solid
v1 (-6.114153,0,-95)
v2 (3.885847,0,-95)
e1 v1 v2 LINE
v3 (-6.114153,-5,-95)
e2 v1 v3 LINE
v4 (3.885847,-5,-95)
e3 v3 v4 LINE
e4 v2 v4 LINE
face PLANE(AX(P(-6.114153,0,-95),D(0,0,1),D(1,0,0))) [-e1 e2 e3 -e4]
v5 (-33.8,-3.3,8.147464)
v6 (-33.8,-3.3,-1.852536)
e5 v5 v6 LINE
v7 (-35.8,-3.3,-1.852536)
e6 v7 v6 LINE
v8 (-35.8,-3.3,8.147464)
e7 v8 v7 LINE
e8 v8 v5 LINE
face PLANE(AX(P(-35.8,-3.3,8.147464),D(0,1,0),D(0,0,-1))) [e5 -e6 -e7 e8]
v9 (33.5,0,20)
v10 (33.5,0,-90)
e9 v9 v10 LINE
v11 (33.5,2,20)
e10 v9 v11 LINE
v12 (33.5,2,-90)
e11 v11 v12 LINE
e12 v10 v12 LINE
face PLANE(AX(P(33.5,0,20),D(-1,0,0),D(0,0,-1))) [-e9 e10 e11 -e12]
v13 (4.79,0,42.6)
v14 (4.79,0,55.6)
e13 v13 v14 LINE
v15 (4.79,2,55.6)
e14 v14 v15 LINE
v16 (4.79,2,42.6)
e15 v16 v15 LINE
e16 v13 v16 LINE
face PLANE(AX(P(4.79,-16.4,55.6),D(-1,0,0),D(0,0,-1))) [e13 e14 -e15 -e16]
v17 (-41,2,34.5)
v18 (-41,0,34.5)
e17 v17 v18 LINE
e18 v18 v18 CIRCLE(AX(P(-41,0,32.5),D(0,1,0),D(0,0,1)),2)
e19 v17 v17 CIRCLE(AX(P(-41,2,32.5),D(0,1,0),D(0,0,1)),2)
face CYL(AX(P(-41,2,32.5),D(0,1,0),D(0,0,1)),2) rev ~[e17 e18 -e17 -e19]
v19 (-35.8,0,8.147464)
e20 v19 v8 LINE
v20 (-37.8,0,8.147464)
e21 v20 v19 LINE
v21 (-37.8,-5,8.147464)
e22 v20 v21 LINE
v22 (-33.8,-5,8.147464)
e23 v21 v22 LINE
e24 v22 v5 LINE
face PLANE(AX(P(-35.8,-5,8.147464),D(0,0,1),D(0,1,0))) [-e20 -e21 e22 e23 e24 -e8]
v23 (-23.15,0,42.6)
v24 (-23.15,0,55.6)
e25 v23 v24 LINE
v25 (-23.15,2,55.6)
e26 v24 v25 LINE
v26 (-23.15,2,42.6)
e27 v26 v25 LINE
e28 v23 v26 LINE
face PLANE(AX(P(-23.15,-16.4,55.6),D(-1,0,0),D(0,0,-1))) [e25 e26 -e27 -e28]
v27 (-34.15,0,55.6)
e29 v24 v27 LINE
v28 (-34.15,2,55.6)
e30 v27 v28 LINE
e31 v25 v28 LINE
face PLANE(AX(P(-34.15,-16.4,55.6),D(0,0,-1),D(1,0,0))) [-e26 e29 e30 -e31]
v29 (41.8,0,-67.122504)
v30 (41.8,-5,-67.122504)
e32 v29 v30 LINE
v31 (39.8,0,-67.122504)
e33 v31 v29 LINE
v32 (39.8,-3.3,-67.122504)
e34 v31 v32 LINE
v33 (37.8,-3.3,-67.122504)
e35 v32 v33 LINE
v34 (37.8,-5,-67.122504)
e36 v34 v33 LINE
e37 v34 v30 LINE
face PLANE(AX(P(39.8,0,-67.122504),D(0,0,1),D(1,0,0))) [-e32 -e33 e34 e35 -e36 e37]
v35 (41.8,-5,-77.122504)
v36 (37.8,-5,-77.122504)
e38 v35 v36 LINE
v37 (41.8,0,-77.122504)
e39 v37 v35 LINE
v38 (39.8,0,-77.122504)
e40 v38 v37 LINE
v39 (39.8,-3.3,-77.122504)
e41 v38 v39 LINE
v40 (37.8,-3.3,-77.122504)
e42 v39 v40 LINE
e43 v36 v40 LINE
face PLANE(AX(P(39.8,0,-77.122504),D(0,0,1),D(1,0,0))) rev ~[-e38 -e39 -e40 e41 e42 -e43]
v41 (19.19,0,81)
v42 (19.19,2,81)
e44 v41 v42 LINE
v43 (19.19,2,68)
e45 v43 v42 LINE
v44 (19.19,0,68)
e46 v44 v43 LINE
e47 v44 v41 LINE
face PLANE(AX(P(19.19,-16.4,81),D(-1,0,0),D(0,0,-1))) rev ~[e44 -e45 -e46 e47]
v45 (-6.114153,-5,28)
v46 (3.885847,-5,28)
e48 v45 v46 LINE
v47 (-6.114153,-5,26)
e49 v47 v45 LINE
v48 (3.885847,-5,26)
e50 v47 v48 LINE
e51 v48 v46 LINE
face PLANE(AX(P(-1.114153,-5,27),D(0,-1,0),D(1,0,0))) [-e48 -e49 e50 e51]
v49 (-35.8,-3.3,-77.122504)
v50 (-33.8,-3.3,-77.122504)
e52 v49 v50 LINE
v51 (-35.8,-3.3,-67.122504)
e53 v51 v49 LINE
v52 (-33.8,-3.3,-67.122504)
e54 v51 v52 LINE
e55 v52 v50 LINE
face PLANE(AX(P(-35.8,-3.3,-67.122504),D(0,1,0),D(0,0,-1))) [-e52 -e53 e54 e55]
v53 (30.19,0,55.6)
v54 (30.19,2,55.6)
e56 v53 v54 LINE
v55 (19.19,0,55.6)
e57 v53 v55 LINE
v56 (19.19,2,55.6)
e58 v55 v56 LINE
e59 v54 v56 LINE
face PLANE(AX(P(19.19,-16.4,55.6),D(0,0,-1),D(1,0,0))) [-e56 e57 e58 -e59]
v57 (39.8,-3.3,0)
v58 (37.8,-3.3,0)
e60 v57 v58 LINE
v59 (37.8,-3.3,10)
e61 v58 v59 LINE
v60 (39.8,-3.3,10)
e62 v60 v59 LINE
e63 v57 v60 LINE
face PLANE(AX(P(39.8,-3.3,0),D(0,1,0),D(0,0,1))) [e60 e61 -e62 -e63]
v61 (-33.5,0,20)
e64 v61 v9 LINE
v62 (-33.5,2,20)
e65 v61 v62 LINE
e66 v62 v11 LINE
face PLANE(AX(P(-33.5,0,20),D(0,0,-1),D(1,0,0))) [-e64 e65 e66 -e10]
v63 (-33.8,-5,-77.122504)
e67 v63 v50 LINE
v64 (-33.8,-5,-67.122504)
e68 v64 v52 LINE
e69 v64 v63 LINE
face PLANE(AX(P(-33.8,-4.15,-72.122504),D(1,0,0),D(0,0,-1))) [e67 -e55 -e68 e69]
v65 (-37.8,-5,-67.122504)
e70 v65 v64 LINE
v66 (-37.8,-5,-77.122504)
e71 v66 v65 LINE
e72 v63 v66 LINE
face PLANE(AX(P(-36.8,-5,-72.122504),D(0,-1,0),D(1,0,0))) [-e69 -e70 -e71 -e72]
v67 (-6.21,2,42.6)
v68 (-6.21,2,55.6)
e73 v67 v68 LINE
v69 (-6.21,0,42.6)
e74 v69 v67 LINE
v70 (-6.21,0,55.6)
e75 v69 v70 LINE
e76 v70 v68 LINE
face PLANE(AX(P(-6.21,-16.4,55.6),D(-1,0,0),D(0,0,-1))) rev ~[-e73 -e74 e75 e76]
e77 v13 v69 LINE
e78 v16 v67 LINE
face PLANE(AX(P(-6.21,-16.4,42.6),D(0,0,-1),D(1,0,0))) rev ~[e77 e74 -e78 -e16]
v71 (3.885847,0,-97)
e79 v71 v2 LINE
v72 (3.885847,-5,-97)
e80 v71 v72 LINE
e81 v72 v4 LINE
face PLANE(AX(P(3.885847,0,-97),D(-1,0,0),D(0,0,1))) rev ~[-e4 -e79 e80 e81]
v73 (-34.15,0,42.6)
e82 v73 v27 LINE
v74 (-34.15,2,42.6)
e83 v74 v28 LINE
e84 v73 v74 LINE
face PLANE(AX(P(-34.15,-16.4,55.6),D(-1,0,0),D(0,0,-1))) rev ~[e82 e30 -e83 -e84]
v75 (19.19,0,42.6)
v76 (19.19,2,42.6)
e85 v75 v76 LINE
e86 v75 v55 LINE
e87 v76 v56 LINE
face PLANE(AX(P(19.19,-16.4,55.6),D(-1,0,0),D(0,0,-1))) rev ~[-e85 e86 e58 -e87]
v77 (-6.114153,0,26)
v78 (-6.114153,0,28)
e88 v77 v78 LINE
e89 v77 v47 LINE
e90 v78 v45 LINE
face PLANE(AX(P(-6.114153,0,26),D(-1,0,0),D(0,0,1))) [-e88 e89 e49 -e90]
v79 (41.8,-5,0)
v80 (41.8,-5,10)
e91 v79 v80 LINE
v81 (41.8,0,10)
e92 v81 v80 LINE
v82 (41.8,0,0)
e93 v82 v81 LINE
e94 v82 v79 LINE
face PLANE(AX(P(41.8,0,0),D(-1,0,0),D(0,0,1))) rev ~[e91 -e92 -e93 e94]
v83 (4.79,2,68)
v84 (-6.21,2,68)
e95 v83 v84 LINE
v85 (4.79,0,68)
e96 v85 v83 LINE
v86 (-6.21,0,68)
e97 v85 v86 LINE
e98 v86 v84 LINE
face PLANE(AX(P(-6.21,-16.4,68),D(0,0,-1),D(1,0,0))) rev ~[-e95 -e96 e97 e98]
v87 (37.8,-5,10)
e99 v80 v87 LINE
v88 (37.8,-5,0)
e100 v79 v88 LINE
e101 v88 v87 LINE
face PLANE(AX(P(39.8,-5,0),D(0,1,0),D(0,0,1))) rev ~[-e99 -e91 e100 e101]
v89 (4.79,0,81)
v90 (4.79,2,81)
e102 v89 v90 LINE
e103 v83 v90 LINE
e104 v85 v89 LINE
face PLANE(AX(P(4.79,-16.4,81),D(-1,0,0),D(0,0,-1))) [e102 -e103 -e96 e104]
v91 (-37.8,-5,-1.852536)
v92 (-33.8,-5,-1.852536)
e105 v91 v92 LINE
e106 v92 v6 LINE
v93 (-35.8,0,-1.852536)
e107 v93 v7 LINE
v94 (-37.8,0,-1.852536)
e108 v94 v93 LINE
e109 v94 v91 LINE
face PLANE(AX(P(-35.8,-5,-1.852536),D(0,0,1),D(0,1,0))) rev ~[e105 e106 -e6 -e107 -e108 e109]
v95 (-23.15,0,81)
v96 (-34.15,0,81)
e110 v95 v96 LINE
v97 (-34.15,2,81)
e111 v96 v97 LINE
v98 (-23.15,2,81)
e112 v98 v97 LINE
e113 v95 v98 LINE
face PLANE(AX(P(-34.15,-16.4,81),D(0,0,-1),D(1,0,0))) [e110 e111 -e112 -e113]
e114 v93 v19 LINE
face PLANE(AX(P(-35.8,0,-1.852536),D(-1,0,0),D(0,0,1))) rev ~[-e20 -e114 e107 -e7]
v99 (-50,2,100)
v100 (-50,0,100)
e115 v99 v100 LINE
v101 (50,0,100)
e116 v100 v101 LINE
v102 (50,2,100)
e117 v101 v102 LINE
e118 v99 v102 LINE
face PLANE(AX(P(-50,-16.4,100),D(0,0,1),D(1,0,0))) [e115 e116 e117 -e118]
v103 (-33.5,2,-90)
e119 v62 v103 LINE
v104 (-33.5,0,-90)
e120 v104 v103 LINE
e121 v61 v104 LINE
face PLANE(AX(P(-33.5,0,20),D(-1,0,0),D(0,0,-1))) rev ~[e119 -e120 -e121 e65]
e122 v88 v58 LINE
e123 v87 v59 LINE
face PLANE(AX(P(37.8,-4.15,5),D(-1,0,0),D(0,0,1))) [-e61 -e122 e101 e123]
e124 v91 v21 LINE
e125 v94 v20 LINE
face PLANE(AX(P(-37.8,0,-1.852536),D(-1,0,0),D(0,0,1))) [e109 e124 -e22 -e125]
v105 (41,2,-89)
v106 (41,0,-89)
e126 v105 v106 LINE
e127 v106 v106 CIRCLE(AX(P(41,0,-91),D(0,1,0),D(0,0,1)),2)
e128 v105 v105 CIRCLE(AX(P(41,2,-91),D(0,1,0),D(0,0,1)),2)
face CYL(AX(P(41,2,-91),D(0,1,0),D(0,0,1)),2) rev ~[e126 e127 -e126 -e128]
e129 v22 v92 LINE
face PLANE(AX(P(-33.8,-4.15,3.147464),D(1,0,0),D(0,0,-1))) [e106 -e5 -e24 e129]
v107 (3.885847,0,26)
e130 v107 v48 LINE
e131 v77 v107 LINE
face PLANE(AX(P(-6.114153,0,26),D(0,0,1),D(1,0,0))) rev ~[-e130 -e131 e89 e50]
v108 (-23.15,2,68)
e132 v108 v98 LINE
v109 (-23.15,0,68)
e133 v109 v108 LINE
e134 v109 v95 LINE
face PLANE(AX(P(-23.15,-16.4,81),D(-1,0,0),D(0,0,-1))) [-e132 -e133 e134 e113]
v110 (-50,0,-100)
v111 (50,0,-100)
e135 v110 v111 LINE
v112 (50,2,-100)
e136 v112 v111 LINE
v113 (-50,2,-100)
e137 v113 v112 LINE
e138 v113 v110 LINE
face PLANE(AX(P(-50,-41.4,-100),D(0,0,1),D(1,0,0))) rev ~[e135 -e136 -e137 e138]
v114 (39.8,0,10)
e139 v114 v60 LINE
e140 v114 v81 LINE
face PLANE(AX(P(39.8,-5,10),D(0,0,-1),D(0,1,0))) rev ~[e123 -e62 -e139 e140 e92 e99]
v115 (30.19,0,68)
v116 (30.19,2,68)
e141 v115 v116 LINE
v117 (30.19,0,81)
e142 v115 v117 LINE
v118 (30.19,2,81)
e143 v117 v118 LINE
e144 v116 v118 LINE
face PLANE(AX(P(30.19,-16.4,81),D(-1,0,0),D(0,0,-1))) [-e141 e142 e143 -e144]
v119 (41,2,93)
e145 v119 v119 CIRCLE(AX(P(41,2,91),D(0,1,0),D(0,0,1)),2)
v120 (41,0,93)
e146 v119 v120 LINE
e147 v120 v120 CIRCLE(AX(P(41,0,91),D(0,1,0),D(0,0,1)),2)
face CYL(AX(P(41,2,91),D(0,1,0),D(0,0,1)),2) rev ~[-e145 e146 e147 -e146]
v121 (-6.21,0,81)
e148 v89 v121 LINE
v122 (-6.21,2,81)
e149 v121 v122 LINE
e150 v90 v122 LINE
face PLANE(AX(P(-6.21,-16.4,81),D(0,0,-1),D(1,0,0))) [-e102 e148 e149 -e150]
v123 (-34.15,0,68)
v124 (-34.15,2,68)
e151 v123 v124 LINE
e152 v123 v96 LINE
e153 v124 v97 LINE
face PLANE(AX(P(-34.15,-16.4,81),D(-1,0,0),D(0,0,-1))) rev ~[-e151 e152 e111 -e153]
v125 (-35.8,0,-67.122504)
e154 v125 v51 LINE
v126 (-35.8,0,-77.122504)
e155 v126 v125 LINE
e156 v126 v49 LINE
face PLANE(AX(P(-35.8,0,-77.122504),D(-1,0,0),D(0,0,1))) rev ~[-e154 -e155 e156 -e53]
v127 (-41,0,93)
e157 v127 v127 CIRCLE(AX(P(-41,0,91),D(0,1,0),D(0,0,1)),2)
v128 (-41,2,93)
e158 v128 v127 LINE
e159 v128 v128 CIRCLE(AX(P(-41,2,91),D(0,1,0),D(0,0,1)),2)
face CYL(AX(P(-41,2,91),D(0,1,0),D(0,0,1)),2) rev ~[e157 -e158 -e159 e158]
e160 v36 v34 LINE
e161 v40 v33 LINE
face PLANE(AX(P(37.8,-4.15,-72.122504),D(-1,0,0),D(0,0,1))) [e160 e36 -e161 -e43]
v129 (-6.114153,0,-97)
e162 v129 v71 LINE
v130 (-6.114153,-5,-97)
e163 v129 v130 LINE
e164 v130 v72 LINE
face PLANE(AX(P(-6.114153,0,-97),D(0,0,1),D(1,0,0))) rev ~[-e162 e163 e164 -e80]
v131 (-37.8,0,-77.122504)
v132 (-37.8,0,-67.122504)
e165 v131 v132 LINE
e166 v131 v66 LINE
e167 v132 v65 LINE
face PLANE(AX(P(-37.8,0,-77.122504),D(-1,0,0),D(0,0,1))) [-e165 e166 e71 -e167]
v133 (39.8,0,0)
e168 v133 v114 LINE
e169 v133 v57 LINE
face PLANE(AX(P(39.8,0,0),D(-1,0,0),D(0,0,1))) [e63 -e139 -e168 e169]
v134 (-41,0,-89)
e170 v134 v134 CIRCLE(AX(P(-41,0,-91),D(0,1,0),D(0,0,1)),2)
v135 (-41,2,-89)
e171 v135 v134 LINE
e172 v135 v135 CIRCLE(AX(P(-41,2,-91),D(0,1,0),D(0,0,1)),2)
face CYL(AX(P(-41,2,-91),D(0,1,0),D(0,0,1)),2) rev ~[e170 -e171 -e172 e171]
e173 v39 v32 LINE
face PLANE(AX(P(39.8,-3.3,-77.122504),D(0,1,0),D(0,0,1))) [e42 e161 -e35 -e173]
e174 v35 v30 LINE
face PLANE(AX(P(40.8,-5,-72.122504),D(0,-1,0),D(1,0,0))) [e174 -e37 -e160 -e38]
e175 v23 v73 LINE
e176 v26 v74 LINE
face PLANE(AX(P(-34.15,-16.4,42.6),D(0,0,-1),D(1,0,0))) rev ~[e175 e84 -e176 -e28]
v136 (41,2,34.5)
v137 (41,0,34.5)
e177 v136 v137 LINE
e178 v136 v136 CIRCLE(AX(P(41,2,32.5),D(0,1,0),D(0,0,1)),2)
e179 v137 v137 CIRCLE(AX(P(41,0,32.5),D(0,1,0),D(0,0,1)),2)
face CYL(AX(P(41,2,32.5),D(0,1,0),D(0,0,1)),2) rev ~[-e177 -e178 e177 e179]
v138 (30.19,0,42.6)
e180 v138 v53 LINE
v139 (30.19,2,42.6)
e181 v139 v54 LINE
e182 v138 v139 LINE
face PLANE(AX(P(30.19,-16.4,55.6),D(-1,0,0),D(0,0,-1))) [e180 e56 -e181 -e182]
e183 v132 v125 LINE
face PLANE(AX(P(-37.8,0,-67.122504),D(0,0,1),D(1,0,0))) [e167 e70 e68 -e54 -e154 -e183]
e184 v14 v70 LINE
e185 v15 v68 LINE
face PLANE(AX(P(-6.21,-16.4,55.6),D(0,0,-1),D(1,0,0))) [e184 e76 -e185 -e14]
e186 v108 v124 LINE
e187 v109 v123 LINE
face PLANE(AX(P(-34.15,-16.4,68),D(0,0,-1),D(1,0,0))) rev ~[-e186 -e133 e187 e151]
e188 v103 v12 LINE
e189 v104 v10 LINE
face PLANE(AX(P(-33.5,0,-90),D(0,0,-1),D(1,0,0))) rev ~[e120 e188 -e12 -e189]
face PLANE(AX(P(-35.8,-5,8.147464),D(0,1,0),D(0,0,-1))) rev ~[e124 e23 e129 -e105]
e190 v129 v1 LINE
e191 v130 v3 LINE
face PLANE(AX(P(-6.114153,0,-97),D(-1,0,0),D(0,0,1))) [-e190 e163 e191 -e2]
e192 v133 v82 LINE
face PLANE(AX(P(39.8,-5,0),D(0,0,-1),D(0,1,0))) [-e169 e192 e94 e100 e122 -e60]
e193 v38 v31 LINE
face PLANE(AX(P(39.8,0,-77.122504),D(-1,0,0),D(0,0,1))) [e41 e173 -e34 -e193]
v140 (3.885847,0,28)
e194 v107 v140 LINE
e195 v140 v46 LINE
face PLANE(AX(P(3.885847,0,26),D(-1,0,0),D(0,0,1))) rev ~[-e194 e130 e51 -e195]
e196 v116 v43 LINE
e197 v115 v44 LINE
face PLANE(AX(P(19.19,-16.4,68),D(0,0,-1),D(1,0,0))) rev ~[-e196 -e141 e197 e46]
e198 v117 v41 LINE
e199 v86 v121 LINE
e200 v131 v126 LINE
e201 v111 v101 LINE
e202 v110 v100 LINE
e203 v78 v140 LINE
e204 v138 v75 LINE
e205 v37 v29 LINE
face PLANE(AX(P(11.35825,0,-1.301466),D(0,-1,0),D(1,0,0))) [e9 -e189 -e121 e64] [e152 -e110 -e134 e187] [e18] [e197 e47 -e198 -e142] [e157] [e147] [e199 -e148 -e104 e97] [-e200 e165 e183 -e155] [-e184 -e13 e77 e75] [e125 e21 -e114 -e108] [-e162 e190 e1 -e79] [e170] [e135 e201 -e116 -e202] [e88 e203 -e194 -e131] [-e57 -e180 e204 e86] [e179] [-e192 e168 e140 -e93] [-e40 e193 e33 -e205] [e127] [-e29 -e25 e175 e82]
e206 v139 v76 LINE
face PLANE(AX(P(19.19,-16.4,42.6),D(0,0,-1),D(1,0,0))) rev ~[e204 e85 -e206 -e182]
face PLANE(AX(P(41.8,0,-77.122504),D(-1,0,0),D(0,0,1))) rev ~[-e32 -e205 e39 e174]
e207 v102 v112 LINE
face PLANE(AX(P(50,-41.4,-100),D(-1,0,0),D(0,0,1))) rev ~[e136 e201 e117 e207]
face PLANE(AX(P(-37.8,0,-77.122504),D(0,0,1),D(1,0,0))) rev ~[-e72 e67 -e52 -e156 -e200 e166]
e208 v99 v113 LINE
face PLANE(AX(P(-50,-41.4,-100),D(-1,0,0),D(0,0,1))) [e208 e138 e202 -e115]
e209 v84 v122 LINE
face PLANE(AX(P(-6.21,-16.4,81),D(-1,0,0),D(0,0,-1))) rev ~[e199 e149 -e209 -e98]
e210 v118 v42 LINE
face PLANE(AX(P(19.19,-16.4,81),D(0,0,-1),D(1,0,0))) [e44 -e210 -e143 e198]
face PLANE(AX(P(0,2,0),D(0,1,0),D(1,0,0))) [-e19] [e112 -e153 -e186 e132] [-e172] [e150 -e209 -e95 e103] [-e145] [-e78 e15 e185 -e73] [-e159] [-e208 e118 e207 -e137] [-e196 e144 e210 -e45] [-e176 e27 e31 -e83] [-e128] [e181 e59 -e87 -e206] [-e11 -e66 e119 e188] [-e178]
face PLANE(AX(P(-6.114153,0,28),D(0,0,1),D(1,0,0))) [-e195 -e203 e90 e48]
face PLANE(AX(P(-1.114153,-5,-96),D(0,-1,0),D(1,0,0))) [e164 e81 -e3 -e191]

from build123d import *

# Parameters (mm, degrees)
SKETCH1_W           = 100
SKETCH1_H           = 200
SKETCH1_W_2         = 67
SKETCH1_H_2         = 110
BOSS_EXTRUDE1_DEPTH = 2
SKETCH2_W           = 100
SKETCH2_H           = 200
SKETCH2_W_2         = 94
SKETCH2_H_2         = 194
BOSS_EXTRUDE2_DEPTH = 16.4
SKETCH3_R           = 1.15
BOSS_EXTRUDE3_DEPTH = 2
BOSS_EXTRUDE4_DEPTH = 25
SKETCH8_W           = 100
SKETCH8_H           = 110
BOSS_EXTRUDE5_DEPTH = 3
SKETCH9_W           = 11
SKETCH9_H           = 13
CUT_EXTRUDE2_DEPTH  = 36
SKETCH10_W          = 7
SKETCH10_H          = 3
CUT_EXTRUDE3_DEPTH  = 10
SKETCH11_W          = 3
SKETCH11_H          = 7
CUT_EXTRUDE4_DEPTH  = 10
SKETCH12_W          = 100
SKETCH12_H          = 17.4
CUT_EXTRUDE5_DEPTH  = 3
SKETCH13_W          = 146.237469439
SKETCH13_H          = 217.9364229
CUT_EXTRUDE6_DEPTH  = 57
SKETCH14_R          = 2
CUT_EXTRUDE7_DEPTH  = 57
SKETCH15_W          = 2
SKETCH15_H          = 10
SKETCH15_W_2        = 10
SKETCH15_H_2        = 2
BOSS_EXTRUDE6_DEPTH = 5
SKETCH16_W          = 10
SKETCH16_H          = 1.7
BOSS_EXTRUDE7_DEPTH = 2
SKETCH17_W          = 10
SKETCH17_H          = 1.7
BOSS_EXTRUDE8_DEPTH = 2


with BuildPart() as part:
    # Sketch1 → Boss-Extrude1 (new body)
    with BuildSketch(Plane(origin=(0, 0, 0), x_dir=(1, 0, 0), z_dir=(0, 1, 0))):
        Rectangle(SKETCH1_W, SKETCH1_H)
        with Locations((0, 35)):
            Rectangle(SKETCH1_W_2, SKETCH1_H_2, mode=Mode.SUBTRACT)
    extrude(amount=BOSS_EXTRUDE1_DEPTH)

    # Sketch2 → Boss-Extrude2 (add)
    with BuildSketch(Plane.XZ):
        Rectangle(SKETCH2_W, SKETCH2_H)
        Rectangle(SKETCH2_W_2, SKETCH2_H_2, mode=Mode.SUBTRACT)
    extrude(amount=BOSS_EXTRUDE2_DEPTH)

    # Sketch3 → Boss-Extrude3 (add)
    with BuildSketch(Plane.XZ.offset(16.4)):
        Polygon((-50, 100), (50, 100), (50, 10), (50, -9), (30, -9), (30, 1), (35, 1), (35, 10), (35, 80), (-35, 80), (-35, 10), (-35, 1), (-30, 1), (-30, -9), (-50, -9), (-50, 10), align=None)
        with Locations(Location((-35, 85, 0), (0, 0, 270))):
            Circle(SKETCH3_R, mode=Mode.SUBTRACT)
        with Locations(Location((35, 85, 0), (0, 0, 270))):
            Circle(SKETCH3_R, mode=Mode.SUBTRACT)
        with Locations(Location((-35, -4, 0), (0, 0, 270))):
            Circle(SKETCH3_R, mode=Mode.SUBTRACT)
        with Locations(Location((35, -4, 0), (0, 0, 270))):
            Circle(SKETCH3_R, mode=Mode.SUBTRACT)
    extrude(amount=BOSS_EXTRUDE3_DEPTH)

    # Sketch5 → Boss-Extrude4 (add)
    with BuildSketch(Plane.XZ.offset(16.4)):
        Polygon((-50, -100), (50, -100), (50, -97), (50, 10), (47, 10), (47, -97), (-47, -97), (-47, 10), (-50, 10), (-50, -97), align=None)
    extrude(amount=BOSS_EXTRUDE4_DEPTH)

    # Sketch8 → Boss-Extrude5 (add)
    with BuildSketch(Plane.XZ.offset(41.4)):
        with Locations((0, -45)):
            Rectangle(SKETCH8_W, SKETCH8_H)
    extrude(amount=BOSS_EXTRUDE5_DEPTH)

    # Sketch9 → Cut-Extrude2 (cut)
    with BuildSketch(Plane(origin=(0, -16.4, 0), x_dir=(1, 0, 0), z_dir=(0, 1, 0))):
        with Locations((-28.65, -74.5)):
            Rectangle(SKETCH9_W, SKETCH9_H)
        with Locations((-0.71, -74.5)):
            Rectangle(SKETCH9_W, SKETCH9_H)
        with Locations((24.69, -74.5)):
            Rectangle(SKETCH9_W, SKETCH9_H)
        with Locations((-28.65, -49.1)):
            Rectangle(SKETCH9_W, SKETCH9_H)
        with Locations((-0.71, -49.1)):
            Rectangle(SKETCH9_W, SKETCH9_H)
        with Locations((24.69, -49.1)):
            Rectangle(SKETCH9_W, SKETCH9_H)
    extrude(amount=CUT_EXTRUDE2_DEPTH, mode=Mode.SUBTRACT)

    # Sketch10 → Cut-Extrude3 (cut)
    with BuildSketch(Plane.XZ.offset(44.4)):
        with Locations((-39.5, 5)):
            Rectangle(SKETCH10_W, SKETCH10_H)
        with Locations((39.5, 5)):
            Rectangle(SKETCH10_W, SKETCH10_H)
    extrude(amount=-CUT_EXTRUDE3_DEPTH, mode=Mode.SUBTRACT)

    # Sketch11 → Cut-Extrude4 (cut)
    with BuildSketch(Plane.XZ.offset(18.4)):
        with Locations((-45, 91.5)):
            Rectangle(SKETCH11_W, SKETCH11_H)
        with Locations((45, 91.5)):
            Rectangle(SKETCH11_W, SKETCH11_H)
    extrude(amount=-CUT_EXTRUDE4_DEPTH, mode=Mode.SUBTRACT)

    # Sketch12 → Cut-Extrude5 (cut)
    with BuildSketch(Plane.XY.offset(100)):
        with Locations((0, -9.7)):
            Rectangle(SKETCH12_W, SKETCH12_H)
    extrude(amount=-CUT_EXTRUDE5_DEPTH, mode=Mode.SUBTRACT)

    # Sketch13 → Cut-Extrude6 (cut)
    with BuildSketch(Plane.XZ):
        with Locations((11.358250054, -1.301466152)):
            Rectangle(SKETCH13_W, SKETCH13_H)
    extrude(amount=CUT_EXTRUDE6_DEPTH, mode=Mode.SUBTRACT)

    # Sketch14 → Cut-Extrude7 (cut)
    with BuildSketch(Plane(origin=(0, 2, 0), x_dir=(1, 0, 0), z_dir=(0, 1, 0))):
        with Locations(Location((-41, -91, 0), (0, 0, 270))):
            Circle(SKETCH14_R)
        with Locations(Location((41, -91, 0), (0, 0, 270))):
            Circle(SKETCH14_R)
        with Locations(Location((41, -32.5, 0), (0, 0, 270))):
            Circle(SKETCH14_R)
        with Locations(Location((-41, -32.5, 0), (0, 0, 270))):
            Circle(SKETCH14_R)
        with Locations(Location((-41, 91, 0), (0, 0, 270))):
            Circle(SKETCH14_R)
        with Locations(Location((41, 91, 0), (0, 0, 270))):
            Circle(SKETCH14_R)
    extrude(amount=-CUT_EXTRUDE7_DEPTH, mode=Mode.SUBTRACT)

    # Sketch15 → Boss-Extrude6 (add)
    with BuildSketch(Plane.XZ):
        with Locations((-36.8, 3.147463841)):
            Rectangle(SKETCH15_W, SKETCH15_H)
        with Locations((-36.8, -72.12250392)):
            Rectangle(SKETCH15_W, SKETCH15_H)
        with Locations((40.8, 5)):
            Rectangle(SKETCH15_W, SKETCH15_H)
        with Locations((40.8, -72.12250392)):
            Rectangle(SKETCH15_W, SKETCH15_H)
        with Locations((-1.11415266, -96)):
            Rectangle(SKETCH15_W_2, SKETCH15_H_2)
        with Locations((-1.11415266, 27)):
            Rectangle(SKETCH15_W_2, SKETCH15_H_2)
    extrude(amount=BOSS_EXTRUDE6_DEPTH)

    # Sketch16 → Boss-Extrude7 (add)
    with BuildSketch(Plane(origin=(-35.8, 0, 0), x_dir=(0, 0, -1), z_dir=(1, 0, 0))):
        with Locations((-3.147463841, -4.15)):
            Rectangle(SKETCH16_W, SKETCH16_H)
        with Locations((72.12250392, -4.15)):
            Rectangle(SKETCH16_W, SKETCH16_H)
    extrude(amount=BOSS_EXTRUDE7_DEPTH)

    # Sketch17 → Boss-Extrude8 (add)
    with BuildSketch(Plane.ZY.offset(-39.8)):
        with Locations((5, -4.15)):
            Rectangle(SKETCH17_W, SKETCH17_H)
        with Locations((-72.12250392, -4.15)):
            Rectangle(SKETCH17_W, SKETCH17_H)
    extrude(amount=BOSS_EXTRUDE8_DEPTH)


solid = part.part
